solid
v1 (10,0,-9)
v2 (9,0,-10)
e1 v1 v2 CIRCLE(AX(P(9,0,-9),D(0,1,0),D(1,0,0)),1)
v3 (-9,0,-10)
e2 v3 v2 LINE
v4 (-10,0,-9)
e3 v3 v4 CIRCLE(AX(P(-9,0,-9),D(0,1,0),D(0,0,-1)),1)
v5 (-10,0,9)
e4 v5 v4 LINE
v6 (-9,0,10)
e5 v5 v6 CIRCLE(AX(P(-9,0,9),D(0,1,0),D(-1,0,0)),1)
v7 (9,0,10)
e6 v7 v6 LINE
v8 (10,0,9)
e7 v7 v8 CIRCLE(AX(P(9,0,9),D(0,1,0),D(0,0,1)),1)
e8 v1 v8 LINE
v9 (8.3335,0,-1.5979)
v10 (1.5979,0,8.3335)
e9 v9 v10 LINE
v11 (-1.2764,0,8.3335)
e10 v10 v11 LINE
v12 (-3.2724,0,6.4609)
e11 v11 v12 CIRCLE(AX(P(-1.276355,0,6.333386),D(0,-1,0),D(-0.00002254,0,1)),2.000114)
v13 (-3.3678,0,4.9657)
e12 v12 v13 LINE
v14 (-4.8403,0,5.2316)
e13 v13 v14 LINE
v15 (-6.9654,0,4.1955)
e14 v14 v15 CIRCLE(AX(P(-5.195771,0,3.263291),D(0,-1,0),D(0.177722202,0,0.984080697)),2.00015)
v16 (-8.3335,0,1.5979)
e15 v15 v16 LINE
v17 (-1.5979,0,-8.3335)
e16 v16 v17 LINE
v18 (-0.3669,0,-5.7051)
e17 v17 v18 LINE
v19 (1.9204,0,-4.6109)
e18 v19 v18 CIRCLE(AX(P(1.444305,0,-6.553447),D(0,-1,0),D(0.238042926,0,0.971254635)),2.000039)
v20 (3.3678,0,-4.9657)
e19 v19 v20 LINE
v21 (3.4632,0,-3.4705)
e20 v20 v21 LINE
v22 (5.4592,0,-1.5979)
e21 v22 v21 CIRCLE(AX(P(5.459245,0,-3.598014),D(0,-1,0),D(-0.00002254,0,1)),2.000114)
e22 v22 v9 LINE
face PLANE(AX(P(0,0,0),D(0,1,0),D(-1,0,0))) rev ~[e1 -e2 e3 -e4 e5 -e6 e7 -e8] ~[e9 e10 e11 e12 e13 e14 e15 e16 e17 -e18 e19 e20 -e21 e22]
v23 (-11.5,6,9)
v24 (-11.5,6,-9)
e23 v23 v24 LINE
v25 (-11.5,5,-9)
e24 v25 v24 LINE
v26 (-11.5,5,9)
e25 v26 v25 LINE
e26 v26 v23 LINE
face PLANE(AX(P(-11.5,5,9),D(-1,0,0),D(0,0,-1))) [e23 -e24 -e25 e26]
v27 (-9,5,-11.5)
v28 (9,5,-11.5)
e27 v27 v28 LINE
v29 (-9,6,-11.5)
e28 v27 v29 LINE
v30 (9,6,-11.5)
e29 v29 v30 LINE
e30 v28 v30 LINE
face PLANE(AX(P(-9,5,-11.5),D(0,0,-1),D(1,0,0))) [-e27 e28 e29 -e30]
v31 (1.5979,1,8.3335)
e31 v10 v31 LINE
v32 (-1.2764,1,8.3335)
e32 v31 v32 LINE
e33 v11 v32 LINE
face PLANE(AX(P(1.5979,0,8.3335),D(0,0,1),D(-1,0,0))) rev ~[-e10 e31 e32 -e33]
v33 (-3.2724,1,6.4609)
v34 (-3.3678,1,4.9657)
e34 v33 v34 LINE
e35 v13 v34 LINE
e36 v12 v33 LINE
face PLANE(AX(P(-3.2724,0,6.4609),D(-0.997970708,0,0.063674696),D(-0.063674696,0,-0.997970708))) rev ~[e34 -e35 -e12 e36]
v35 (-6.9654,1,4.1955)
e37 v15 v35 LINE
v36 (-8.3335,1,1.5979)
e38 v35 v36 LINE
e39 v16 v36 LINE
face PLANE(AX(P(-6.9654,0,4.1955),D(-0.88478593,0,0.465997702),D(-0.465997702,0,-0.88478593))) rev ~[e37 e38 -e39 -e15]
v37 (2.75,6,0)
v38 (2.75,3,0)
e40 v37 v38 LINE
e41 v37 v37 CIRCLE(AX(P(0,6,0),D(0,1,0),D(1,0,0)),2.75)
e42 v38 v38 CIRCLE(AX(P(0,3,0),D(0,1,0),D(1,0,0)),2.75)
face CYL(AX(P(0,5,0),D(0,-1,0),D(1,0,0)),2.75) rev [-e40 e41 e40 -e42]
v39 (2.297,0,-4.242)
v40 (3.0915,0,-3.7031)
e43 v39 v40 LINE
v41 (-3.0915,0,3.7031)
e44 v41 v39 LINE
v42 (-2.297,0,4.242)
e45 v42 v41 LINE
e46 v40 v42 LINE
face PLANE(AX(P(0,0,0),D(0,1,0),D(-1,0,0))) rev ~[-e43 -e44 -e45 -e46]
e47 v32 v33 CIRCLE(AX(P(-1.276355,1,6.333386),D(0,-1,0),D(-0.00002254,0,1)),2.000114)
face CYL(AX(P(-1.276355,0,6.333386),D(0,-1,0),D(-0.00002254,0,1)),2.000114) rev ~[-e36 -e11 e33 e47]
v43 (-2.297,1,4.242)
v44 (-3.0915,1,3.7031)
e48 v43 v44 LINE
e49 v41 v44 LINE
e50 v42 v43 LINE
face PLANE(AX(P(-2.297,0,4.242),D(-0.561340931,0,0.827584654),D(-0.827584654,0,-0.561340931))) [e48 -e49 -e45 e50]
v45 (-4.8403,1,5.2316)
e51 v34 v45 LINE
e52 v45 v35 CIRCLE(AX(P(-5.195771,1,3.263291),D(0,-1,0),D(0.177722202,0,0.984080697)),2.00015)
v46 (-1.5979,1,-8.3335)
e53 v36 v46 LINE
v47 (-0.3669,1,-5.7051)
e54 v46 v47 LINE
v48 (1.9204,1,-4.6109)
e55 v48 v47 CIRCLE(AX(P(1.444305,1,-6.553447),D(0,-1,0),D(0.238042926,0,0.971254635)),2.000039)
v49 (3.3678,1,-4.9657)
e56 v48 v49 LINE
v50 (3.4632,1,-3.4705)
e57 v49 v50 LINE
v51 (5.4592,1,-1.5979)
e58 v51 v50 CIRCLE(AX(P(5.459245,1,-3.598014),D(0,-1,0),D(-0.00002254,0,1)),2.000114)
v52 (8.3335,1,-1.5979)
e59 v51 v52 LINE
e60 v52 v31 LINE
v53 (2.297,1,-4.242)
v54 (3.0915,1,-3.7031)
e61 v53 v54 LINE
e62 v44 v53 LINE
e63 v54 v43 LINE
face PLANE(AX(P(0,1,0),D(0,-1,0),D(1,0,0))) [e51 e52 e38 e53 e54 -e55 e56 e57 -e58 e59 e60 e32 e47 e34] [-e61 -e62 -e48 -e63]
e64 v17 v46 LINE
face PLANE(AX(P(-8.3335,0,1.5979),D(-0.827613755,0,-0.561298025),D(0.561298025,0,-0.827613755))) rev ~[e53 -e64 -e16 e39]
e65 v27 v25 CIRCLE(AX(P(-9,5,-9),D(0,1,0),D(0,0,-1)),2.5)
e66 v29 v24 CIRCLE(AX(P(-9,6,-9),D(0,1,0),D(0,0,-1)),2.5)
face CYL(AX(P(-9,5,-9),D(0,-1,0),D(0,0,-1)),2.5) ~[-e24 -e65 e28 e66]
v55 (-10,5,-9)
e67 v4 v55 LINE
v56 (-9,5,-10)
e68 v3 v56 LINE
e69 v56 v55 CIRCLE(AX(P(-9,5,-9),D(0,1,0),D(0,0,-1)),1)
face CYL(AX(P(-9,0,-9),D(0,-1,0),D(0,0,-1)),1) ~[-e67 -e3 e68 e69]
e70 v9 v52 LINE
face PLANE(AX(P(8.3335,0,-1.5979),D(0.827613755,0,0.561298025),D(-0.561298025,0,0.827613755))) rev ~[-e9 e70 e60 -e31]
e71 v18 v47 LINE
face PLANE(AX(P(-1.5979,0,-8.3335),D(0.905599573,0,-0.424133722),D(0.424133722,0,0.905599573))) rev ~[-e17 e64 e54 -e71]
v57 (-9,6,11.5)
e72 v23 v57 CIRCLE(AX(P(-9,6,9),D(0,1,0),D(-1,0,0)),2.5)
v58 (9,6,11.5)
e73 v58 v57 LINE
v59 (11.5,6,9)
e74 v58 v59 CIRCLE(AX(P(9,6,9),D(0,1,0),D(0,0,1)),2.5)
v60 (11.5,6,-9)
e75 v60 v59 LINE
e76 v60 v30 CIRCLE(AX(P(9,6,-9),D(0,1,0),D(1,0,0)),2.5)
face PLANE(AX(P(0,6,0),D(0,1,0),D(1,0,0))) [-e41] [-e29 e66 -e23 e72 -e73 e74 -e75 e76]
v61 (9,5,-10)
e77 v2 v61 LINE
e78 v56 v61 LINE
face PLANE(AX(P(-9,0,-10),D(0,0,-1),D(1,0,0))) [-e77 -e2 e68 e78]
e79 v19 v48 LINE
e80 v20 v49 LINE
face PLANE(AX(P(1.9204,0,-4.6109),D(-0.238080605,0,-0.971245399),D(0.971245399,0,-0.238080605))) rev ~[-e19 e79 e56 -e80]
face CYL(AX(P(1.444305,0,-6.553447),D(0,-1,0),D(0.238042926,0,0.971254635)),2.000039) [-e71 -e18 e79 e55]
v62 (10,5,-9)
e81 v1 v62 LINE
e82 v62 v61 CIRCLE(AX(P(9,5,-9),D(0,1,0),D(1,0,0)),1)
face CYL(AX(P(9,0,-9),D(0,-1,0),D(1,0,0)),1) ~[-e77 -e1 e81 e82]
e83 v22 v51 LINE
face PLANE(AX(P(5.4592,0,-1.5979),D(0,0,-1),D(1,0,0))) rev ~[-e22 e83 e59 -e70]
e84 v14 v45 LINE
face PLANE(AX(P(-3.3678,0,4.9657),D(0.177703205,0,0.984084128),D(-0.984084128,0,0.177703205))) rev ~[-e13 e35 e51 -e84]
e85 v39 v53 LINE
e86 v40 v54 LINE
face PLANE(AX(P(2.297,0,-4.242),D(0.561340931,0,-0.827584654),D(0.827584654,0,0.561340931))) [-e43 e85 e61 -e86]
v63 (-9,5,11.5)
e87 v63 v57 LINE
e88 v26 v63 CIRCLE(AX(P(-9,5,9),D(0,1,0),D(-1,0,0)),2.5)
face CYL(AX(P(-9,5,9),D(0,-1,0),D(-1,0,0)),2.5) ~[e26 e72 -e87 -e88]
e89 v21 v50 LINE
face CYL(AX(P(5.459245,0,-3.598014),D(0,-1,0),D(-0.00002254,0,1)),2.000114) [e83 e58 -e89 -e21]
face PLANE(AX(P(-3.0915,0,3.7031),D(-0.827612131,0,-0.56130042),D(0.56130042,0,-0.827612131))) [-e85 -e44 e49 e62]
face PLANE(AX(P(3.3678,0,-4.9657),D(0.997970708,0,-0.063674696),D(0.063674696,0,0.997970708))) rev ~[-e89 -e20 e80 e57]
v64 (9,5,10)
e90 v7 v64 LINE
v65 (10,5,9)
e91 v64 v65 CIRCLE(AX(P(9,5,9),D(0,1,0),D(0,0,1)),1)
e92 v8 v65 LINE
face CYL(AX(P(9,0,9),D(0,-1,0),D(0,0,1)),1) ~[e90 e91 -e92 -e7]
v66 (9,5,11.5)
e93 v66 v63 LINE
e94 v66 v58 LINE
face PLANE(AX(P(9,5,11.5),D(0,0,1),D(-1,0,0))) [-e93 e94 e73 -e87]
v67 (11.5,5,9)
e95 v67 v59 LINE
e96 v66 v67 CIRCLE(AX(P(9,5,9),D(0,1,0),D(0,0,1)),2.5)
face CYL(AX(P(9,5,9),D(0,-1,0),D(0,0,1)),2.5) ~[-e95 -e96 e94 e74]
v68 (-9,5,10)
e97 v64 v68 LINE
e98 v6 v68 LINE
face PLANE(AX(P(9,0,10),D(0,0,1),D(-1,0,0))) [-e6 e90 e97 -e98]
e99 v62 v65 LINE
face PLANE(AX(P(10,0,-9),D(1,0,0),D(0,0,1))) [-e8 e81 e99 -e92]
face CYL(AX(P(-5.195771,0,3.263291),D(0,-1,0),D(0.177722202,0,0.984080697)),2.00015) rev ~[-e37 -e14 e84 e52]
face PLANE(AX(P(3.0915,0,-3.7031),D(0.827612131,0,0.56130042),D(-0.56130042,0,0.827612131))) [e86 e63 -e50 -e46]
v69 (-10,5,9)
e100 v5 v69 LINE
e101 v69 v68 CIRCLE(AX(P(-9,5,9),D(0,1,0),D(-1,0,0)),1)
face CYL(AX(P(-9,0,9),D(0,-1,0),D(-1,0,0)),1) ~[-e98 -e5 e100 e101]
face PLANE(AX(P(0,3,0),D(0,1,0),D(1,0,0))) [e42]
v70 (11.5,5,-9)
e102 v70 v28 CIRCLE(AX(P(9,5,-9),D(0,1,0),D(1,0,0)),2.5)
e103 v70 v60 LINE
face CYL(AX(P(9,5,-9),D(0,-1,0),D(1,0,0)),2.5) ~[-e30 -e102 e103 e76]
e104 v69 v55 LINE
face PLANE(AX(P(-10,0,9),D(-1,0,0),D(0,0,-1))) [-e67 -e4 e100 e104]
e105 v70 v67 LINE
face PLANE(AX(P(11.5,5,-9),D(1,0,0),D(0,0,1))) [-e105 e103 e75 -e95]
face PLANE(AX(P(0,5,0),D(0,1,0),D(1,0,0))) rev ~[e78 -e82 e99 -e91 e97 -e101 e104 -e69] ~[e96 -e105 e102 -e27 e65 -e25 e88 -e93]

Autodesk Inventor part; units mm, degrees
ref_plane "YZ Plane" through (0, 0, 0) normal (1, 0, 0) x (0, 1, 0)
ref_plane "XZ Plane" through (0, 0, 0) normal (0, 1, 0) x (-1, 0, 0)
ref_plane "XY Plane" through (0, 0, 0) normal (0, 0, 1) x (1, 0, 0)
sketch "Sketch1" plane through (0, 0, 0) normal (0, 1, 0) x (-1, 0, 0)
  line L0 (9, -10) -> (-9, -10)
  line L1 (-10, -9) -> (-10, 9)
  line L2 (-9, 10) -> (9, 10)
  line L3 (10, 9) -> (10, -9)
  line L4 (10, 10) -> (-10, -10) construction
  line L5 (10, -10) -> (-10, 10) construction
  arc A0 (10, 9) -> (9, 10) centre (9, 9) ccw
  arc A1 (9, -10) -> (10, -9) centre (9, -9) ccw
  arc A2 (-10, -9) -> (-9, -10) centre (-9, -9) ccw
  arc A3 (-9, 10) -> (-10, 9) centre (-9, 9) ccw
  point P0 (0, 0)
  point P1 (0, 0)
  dimension "d7" = 20
  dimension "d9" = 20
  dimension "d10" = 1
extrude "Extrusion1" add sketch "Sketch1" along normal blind 5
sketch "Sketch2" plane through (0, 5, 0) normal (0, 1, 0) x (1, 0, 0)
  line L0 (-10, 9) -> (-10, -9) projected
  arc A0 (-10, -9) -> (-9, -10) centre (-9, -9) ccw projected
  line L1 (-9, -10) -> (9, -10) projected
  arc A1 (9, -10) -> (10, -9) centre (9, -9) ccw projected
  line L2 (10, -9) -> (10, 9) projected
  arc A2 (10, 9) -> (9, 10) centre (9, 9) ccw projected
  line L3 (9, 10) -> (-9, 10) projected
  arc A3 (-9, 10) -> (-10, 9) centre (-9, 9) ccw projected
  line L4 (9, -11.5) -> (-9, -11.5)
  arc A4 (-11.5, -9) -> (-9, -11.5) centre (-9, -9) ccw
  line L5 (-11.5, -9) -> (-11.5, 9)
  arc A5 (-9, 11.5) -> (-11.5, 9) centre (-9, 9) ccw
  line L6 (-9, 11.5) -> (9, 11.5)
  arc A6 (11.5, 9) -> (9, 11.5) centre (9, 9) ccw
  line L7 (11.5, 9) -> (11.5, -9)
  arc A7 (9, -11.5) -> (11.5, -9) centre (9, -9) ccw
  circle A8 centre (0, 0) radius 2.75
  dimension "d16" = 1.5
  dimension "d19" = 5.5
extrude "Extrusion3" add sketch "Sketch2" along normal blind 1 contours A3 L3 A2 L2 A1 L1 A0 L0 | L4 A4 L5 A5 L6 A6 L7 A7
sketch "Sketch3" plane through (0, 0, 0) normal (0, -1, 0) x (1, 0, 0)
  line L0 (-8.3335, 1.5979) -> (-1.5979, -8.3335)
  line L1 (-1.5979, -8.3335) -> (-0.3669, -5.7051)
  line L2 (1.9204, -4.6109) -> (3.3678, -4.9657)
  line L3 (3.3678, -4.9657) -> (3.4632, -3.4705)
  line L4 (5.4592, -1.5979) -> (8.3335, -1.5979)
  line L5 (8.3335, -1.5979) -> (1.5979, 8.3335)
  line L6 (1.5979, 8.3335) -> (-1.2764, 8.3335)
  line L7 (-3.2724, 6.4609) -> (-3.3678, 4.9657)
  line L8 (-3.3678, 4.9657) -> (-4.8403, 5.2316)
  line L9 (-6.9654, 4.1955) -> (-8.3335, 1.5979)
  line L10 (-3.3678, 4.9657) -> (3.3678, -4.9657) construction
  arc A0 (-4.8403, 5.2316) -> (-6.9654, 4.1955) centre (-5.1958, 3.2635) ccw
  arc A1 (-1.2764, 8.3335) -> (-3.2724, 6.4609) centre (-1.2764, 6.3335) ccw
  arc A2 (5.4592, -1.5979) -> (3.4632, -3.4705) centre (5.4592, -3.5979) ccw
  arc A3 (1.9204, -4.6109) -> (-0.3669, -5.7051) centre (1.4443, -6.5534) ccw
  line L11 (-4.9657, -3.3678) -> (0, 0) construction
  line L12 (0, 0) -> (4.9657, 3.3678) construction
  line L13 (-2.6449, 7.792) -> (4.0907, -2.1393) construction
  line L14 (-2.7456, 0.156) -> (0.8707, 2.6085) construction
  circle A4 centre (0, 0) radius 2.75 construction
  line L15 (-6.0723, 5.0611) -> (0.5812, -4.7492) construction
  line L16 (-3.0915, 3.7031) -> (2.297, -4.242)
  line L17 (2.297, -4.242) -> (3.0915, -3.7031)
  line L18 (3.0915, -3.7031) -> (-2.297, 4.242)
  line L19 (-2.297, 4.242) -> (-3.0915, 3.7031)
  point P0 (-0.9375, 1.3822)
  point P1 (-2.6942, 3.9725)
  point P2 (2.6942, -3.9725)
  point P3 (-0.3973, -0.2694)
  dimension "d77" = 2
  dimension "d78" = 12
  dimension "d79" = 12
  dimension "d80" = 12
  dimension "d81" = 6
  dimension "d82" = 6
  dimension "d85" = 9.6
  dimension "d86" = 0.96
extrude "Extrusion7" cut sketch "Sketch3" against normal blind 1
extrude "Extrusion8" cut sketch "Sketch2" against normal blind 2 contours A8
equation "\"d7\" = button_side"
equation "\"d9\" = d7"
equation "\"d78\" = d79"
equation "\"d79\" = 0.6 * button_side"
equation "\"d80\" = d79"
equation "\"d81\" = d82"
equation "\"d82\" = 0.5 * d79"
equation "\"d85\" = 0.8 * d80"
equation "\"d86\" = 0.1 * d85"
equation "\"d0\" = 122"
equation "\"d1\" = 77"
equation "\"d4\" = 19"
equation "\"d5\" = 1"
equation "\"d8\" = 25"
equation "\"d13\" = 1.5"
equation "\"d14\" = 0"
equation "\"d15\" = 2"
equation "\"d30\" = 3.1"
equation "\"d31\" = 3"
equation "\"d33\" = 3"
equation "\"d34\" = 2"
equation "\"d36\" = 3"
equation "\"d38\" = 90deg"
equation "\"d39\" = 8"
equation "\"d40\" = 118deg"
equation "\"d44\" = 0"
equation "\"d45\" = 1.2"
equation "\"d46\" = 2"
equation "\"d47\" = 0"
equation "\"d50\" = 25"
equation "\"button_side\" = 20"
equation "\"d3\" = 1.01 * button_side"
equation "\"d2\" = d3"
properties part number "button4" material "Bronze, Soft Tin"
